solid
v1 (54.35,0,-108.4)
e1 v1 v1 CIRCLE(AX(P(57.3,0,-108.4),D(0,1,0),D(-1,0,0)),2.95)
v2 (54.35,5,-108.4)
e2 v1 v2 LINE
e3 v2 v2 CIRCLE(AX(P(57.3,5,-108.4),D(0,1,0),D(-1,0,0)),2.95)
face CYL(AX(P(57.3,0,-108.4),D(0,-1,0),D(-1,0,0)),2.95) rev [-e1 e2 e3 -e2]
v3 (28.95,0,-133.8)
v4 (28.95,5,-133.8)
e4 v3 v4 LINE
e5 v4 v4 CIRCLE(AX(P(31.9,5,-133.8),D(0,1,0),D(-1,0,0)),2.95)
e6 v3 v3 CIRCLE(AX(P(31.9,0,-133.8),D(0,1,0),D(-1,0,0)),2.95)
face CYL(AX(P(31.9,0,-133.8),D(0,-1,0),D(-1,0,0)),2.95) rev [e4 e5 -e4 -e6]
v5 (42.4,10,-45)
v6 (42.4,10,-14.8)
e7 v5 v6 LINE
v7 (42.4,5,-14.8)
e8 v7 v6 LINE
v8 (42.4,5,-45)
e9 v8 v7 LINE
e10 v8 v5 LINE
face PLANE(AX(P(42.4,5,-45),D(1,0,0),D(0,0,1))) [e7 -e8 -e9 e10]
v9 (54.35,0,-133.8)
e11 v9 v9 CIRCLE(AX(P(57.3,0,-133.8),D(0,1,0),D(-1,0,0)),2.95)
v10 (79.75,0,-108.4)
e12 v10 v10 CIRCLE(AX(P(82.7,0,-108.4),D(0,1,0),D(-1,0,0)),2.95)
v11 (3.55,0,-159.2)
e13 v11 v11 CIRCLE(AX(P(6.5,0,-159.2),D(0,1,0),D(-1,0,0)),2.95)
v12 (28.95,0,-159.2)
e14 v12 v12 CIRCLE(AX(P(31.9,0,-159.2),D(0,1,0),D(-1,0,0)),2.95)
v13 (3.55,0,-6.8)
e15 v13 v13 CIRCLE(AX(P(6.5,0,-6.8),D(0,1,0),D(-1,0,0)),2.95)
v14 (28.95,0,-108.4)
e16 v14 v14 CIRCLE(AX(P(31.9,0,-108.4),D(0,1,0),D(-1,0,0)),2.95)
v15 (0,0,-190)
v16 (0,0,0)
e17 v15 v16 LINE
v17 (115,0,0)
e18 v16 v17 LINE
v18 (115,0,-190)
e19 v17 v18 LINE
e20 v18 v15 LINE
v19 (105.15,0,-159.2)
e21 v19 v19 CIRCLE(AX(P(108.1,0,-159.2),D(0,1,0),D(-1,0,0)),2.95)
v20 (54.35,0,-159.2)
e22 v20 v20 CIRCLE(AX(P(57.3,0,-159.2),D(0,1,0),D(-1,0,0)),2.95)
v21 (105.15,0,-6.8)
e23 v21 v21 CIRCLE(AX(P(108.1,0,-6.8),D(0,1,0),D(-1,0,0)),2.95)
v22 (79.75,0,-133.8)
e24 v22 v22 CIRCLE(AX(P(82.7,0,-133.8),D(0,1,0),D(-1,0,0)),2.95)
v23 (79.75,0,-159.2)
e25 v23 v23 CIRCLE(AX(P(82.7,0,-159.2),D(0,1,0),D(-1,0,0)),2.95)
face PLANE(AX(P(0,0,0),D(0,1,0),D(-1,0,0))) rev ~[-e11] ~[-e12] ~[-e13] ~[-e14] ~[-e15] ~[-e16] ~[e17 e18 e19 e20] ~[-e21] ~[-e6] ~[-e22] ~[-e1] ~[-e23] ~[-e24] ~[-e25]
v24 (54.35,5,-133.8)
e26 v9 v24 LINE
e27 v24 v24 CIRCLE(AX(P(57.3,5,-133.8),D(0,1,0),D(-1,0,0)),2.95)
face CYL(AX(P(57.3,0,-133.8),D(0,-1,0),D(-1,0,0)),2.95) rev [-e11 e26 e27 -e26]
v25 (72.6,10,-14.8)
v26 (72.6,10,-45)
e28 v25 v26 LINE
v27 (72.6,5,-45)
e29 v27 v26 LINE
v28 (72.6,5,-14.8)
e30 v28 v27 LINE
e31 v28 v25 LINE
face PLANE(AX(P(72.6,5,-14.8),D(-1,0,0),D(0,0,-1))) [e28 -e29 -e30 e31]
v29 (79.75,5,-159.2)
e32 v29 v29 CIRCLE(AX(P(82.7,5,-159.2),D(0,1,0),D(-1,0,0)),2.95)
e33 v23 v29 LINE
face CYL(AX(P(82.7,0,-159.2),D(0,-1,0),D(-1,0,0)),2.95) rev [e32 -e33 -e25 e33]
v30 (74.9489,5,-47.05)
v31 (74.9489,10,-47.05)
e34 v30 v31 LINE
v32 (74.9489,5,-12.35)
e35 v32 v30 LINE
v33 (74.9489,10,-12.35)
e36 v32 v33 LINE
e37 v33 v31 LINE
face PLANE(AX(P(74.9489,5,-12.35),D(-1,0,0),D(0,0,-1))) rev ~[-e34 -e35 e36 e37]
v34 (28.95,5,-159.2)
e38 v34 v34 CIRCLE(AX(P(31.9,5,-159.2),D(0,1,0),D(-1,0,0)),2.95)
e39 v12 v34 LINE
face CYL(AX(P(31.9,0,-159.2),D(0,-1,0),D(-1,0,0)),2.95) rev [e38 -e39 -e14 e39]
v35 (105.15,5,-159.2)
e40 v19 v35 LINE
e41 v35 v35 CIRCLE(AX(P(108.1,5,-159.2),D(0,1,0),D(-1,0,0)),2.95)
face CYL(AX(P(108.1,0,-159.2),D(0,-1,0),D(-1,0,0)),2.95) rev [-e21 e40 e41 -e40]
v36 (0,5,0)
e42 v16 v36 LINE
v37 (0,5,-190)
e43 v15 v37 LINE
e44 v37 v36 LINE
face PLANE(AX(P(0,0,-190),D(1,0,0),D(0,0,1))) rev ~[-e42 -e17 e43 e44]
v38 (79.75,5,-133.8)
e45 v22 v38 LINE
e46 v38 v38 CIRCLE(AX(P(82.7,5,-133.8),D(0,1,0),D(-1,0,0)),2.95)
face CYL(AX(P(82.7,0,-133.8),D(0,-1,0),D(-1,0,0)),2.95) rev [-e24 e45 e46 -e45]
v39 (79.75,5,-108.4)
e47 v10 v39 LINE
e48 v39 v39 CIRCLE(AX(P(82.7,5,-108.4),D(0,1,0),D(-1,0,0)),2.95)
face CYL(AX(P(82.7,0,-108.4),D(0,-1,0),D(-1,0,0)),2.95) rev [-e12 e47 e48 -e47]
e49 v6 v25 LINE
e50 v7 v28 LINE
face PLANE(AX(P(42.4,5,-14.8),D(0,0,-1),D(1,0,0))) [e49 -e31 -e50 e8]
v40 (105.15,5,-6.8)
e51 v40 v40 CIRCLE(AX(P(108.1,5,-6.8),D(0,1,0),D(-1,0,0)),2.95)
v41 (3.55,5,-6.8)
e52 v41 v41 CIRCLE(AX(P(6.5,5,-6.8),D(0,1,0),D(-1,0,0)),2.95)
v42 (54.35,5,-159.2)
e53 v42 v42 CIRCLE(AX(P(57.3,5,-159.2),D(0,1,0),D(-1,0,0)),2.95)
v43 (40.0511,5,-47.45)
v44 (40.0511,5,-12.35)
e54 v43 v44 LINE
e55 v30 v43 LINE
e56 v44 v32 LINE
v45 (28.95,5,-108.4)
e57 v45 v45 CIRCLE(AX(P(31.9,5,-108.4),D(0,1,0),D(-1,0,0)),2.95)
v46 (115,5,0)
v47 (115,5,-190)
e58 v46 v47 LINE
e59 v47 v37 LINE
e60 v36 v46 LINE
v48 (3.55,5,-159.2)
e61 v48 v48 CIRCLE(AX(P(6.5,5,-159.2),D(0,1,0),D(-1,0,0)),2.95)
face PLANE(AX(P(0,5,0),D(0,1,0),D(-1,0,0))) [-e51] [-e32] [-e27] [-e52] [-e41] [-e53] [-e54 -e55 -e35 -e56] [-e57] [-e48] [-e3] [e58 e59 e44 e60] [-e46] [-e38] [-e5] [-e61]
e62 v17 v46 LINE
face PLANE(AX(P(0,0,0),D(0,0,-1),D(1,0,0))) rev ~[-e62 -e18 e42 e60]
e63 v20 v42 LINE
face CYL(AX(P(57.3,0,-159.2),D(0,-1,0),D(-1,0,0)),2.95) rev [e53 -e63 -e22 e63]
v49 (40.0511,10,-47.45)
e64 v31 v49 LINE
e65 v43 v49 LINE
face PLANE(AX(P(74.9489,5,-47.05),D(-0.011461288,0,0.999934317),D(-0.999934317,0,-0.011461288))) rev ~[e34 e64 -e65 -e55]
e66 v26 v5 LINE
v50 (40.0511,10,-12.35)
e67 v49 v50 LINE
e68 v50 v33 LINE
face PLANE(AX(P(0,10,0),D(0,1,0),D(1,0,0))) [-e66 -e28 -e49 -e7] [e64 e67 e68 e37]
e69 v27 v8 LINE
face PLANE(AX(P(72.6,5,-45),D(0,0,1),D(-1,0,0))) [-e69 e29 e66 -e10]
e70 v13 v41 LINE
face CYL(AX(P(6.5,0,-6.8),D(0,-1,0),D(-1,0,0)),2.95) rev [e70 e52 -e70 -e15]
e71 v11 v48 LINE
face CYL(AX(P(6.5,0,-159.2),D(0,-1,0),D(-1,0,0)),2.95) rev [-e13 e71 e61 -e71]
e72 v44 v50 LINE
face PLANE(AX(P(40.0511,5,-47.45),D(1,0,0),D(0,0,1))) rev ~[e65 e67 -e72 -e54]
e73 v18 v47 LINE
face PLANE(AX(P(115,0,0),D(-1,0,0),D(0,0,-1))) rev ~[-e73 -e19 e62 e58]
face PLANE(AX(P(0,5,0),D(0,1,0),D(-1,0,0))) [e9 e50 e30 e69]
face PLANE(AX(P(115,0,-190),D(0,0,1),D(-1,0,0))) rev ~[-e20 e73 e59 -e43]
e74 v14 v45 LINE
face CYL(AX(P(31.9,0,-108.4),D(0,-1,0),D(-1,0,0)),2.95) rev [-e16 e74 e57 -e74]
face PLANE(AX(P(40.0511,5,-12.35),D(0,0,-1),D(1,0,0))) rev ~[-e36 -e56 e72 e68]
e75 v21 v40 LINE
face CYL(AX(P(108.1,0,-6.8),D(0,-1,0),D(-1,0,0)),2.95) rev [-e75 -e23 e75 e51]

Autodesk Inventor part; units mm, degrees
ref_plane "YZ Plane" through (0, 0, 0) normal (1, 0, 0) x (0, 1, 0)
ref_plane "XZ Plane" through (0, 0, 0) normal (0, 1, 0) x (-1, 0, 0)
ref_plane "XY Plane" through (0, 0, 0) normal (0, 0, 1) x (1, 0, 0)
sketch "스케치1" plane through (0, 0, 0) normal (0, 1, 0) x (-1, 0, 0)
  line L0 (0, 0) -> (-115, 0)
  line L1 (-115, 0) -> (-115, -190)
  line L2 (-115, -190) -> (0, -190)
  line L3 (0, -190) -> (0, 0)
  circle A0 centre (-6.5, -6.8) radius 2.95
  line L4 (0, -95) -> (-115, -95) construction
  line L5 (-57.5, 0) -> (-57.5, -190) construction
  circle A1 centre (-6.5, -183.2) radius 2.95
  circle A2 centre (-6.5, -32.2) radius 2.95
  circle A3 centre (-6.5, -57.6) radius 2.95
  circle A4 centre (-6.5, -83) radius 2.95
  circle A5 centre (-6.5, -108.4) radius 2.95
  circle A6 centre (-6.5, -133.8) radius 2.95
  circle A7 centre (-6.5, -159.2) radius 2.95
  circle A8 centre (-31.9, -6.8) radius 2.95
  circle A9 centre (-31.9, -32.2) radius 2.95
  circle A10 centre (-31.9, -57.6) radius 2.95
  circle A11 centre (-31.9, -83) radius 2.95
  circle A12 centre (-31.9, -108.4) radius 2.95
  circle A13 centre (-31.9, -133.8) radius 2.95
  circle A14 centre (-31.9, -159.2) radius 2.95
  circle A15 centre (-57.3, -6.8) radius 2.95
  circle A16 centre (-57.3, -32.2) radius 2.95
  circle A17 centre (-57.3, -57.6) radius 2.95
  circle A18 centre (-57.3, -83) radius 2.95
  circle A19 centre (-57.3, -108.4) radius 2.95
  circle A20 centre (-57.3, -133.8) radius 2.95
  circle A21 centre (-57.3, -159.2) radius 2.95
  circle A22 centre (-82.7, -6.8) radius 2.95
  circle A23 centre (-82.7, -32.2) radius 2.95
  circle A24 centre (-82.7, -57.6) radius 2.95
  circle A25 centre (-82.7, -83) radius 2.95
  circle A26 centre (-82.7, -108.4) radius 2.95
  circle A27 centre (-82.7, -133.8) radius 2.95
  circle A28 centre (-82.7, -159.2) radius 2.95
  circle A29 centre (-108.1, -6.8) radius 2.95
  circle A30 centre (-108.1, -32.2) radius 2.95
  circle A31 centre (-108.1, -57.6) radius 2.95
  circle A32 centre (-108.1, -83) radius 2.95
  circle A33 centre (-108.1, -108.4) radius 2.95
  circle A34 centre (-108.1, -133.8) radius 2.95
  circle A35 centre (-108.1, -159.2) radius 2.95
  circle A36 centre (-133.5, -6.8) radius 2.95
  circle A37 centre (-133.5, -32.2) radius 2.95
  circle A38 centre (-133.5, -57.6) radius 2.95
  circle A39 centre (-133.5, -83) radius 2.95
  circle A40 centre (-133.5, -108.4) radius 2.95
  circle A41 centre (-133.5, -133.8) radius 2.95
  circle A42 centre (-133.5, -159.2) radius 2.95
  dimension "d0" = 190
  dimension "d1" = 115
  dimension "d2" = 6.5
  dimension "d3" = 6.8
  dimension "d4" = 5.9
  dimension "d9" = 25.4
  dimension "d12" = 25.4
extrude "돌출1" add sketch "스케치1" along normal blind 5 contours L3 L2 L1 L0 | A1 | A2 | A3 | A4 | A5 | A6 | A7 | A8 | A9 | A10 | A11 | A12 | A13 | A14 | A15 | A16 | A17 | A18 | A19 | A20 | A21 | A22 | A23 | A24 | A25 | A26 | A27 | A28 | A29 | A30 | A31 | A32 | A33 | A34 | A35
extrude "돌출2" cut sketch "스케치1" along normal blind 5 contours A12 | A13 | A14 | A19 | A20 | A21 | A26 | A27 | A28
extrude "돌출4" cut sketch "스케치1" along normal blind 5 contours A35
extrude "돌출5" cut sketch "스케치1" along normal blind 5 contours A7
sketch "스케치2" plane through (0, 5, 0) normal (0, 1, 0) x (1, 0, 0)
  circle A0 centre (57.5, 63.8) radius 2.5
  line L0 (0, 0) -> (115, 0) projected
  circle A1 centre (57.3, 133.8) radius 2.95 projected
  point P0 (57.5, 0)
  dimension "d23" = 70
  dimension "d24" = 5
extrude "돌출6" cut sketch "스케치1" along normal blind 5 contours A29
sketch "스케치3" plane through (0, 5, 0) normal (0, 1, 0) x (1, 0, 0)
  line L0 (42.4, 14.8) -> (72.6, 14.8)
  line L1 (72.6, 14.8) -> (72.6, 45)
  line L2 (72.6, 45) -> (42.4, 45)
  line L3 (42.4, 45) -> (42.4, 14.8)
  line L4 (115, 190) -> (0, 190) projected
  line L5 (40.0511, 12.35) -> (74.9489, 12.35)
  line L6 (74.9489, 12.35) -> (74.9489, 47.05)
  line L7 (74.9489, 47.05) -> (40.0511, 47.45)
  line L8 (40.0511, 47.45) -> (40.0511, 12.35)
  line L9 (0, 0) -> (115, 0) projected
  point P0 (57.5, 45)
  point P1 (57.5, 190)
  point P2 (57.5, 190)
  point P3 (57.5, 47.25)
  point P4 (57.5, 12.35)
  point P5 (40.0511, 29.9)
  point P6 (42.4, 29.9)
  dimension "d27" = 30.2
  dimension "d28" = 30.2
  dimension "d29" = 145
  dimension "d31" = 34.9
  dimension "d34" = 2.45
  dimension "d35" = 34.9
extrude "돌출7" add sketch "스케치3" along normal blind 5
properties part number "mounting_board_printed"
